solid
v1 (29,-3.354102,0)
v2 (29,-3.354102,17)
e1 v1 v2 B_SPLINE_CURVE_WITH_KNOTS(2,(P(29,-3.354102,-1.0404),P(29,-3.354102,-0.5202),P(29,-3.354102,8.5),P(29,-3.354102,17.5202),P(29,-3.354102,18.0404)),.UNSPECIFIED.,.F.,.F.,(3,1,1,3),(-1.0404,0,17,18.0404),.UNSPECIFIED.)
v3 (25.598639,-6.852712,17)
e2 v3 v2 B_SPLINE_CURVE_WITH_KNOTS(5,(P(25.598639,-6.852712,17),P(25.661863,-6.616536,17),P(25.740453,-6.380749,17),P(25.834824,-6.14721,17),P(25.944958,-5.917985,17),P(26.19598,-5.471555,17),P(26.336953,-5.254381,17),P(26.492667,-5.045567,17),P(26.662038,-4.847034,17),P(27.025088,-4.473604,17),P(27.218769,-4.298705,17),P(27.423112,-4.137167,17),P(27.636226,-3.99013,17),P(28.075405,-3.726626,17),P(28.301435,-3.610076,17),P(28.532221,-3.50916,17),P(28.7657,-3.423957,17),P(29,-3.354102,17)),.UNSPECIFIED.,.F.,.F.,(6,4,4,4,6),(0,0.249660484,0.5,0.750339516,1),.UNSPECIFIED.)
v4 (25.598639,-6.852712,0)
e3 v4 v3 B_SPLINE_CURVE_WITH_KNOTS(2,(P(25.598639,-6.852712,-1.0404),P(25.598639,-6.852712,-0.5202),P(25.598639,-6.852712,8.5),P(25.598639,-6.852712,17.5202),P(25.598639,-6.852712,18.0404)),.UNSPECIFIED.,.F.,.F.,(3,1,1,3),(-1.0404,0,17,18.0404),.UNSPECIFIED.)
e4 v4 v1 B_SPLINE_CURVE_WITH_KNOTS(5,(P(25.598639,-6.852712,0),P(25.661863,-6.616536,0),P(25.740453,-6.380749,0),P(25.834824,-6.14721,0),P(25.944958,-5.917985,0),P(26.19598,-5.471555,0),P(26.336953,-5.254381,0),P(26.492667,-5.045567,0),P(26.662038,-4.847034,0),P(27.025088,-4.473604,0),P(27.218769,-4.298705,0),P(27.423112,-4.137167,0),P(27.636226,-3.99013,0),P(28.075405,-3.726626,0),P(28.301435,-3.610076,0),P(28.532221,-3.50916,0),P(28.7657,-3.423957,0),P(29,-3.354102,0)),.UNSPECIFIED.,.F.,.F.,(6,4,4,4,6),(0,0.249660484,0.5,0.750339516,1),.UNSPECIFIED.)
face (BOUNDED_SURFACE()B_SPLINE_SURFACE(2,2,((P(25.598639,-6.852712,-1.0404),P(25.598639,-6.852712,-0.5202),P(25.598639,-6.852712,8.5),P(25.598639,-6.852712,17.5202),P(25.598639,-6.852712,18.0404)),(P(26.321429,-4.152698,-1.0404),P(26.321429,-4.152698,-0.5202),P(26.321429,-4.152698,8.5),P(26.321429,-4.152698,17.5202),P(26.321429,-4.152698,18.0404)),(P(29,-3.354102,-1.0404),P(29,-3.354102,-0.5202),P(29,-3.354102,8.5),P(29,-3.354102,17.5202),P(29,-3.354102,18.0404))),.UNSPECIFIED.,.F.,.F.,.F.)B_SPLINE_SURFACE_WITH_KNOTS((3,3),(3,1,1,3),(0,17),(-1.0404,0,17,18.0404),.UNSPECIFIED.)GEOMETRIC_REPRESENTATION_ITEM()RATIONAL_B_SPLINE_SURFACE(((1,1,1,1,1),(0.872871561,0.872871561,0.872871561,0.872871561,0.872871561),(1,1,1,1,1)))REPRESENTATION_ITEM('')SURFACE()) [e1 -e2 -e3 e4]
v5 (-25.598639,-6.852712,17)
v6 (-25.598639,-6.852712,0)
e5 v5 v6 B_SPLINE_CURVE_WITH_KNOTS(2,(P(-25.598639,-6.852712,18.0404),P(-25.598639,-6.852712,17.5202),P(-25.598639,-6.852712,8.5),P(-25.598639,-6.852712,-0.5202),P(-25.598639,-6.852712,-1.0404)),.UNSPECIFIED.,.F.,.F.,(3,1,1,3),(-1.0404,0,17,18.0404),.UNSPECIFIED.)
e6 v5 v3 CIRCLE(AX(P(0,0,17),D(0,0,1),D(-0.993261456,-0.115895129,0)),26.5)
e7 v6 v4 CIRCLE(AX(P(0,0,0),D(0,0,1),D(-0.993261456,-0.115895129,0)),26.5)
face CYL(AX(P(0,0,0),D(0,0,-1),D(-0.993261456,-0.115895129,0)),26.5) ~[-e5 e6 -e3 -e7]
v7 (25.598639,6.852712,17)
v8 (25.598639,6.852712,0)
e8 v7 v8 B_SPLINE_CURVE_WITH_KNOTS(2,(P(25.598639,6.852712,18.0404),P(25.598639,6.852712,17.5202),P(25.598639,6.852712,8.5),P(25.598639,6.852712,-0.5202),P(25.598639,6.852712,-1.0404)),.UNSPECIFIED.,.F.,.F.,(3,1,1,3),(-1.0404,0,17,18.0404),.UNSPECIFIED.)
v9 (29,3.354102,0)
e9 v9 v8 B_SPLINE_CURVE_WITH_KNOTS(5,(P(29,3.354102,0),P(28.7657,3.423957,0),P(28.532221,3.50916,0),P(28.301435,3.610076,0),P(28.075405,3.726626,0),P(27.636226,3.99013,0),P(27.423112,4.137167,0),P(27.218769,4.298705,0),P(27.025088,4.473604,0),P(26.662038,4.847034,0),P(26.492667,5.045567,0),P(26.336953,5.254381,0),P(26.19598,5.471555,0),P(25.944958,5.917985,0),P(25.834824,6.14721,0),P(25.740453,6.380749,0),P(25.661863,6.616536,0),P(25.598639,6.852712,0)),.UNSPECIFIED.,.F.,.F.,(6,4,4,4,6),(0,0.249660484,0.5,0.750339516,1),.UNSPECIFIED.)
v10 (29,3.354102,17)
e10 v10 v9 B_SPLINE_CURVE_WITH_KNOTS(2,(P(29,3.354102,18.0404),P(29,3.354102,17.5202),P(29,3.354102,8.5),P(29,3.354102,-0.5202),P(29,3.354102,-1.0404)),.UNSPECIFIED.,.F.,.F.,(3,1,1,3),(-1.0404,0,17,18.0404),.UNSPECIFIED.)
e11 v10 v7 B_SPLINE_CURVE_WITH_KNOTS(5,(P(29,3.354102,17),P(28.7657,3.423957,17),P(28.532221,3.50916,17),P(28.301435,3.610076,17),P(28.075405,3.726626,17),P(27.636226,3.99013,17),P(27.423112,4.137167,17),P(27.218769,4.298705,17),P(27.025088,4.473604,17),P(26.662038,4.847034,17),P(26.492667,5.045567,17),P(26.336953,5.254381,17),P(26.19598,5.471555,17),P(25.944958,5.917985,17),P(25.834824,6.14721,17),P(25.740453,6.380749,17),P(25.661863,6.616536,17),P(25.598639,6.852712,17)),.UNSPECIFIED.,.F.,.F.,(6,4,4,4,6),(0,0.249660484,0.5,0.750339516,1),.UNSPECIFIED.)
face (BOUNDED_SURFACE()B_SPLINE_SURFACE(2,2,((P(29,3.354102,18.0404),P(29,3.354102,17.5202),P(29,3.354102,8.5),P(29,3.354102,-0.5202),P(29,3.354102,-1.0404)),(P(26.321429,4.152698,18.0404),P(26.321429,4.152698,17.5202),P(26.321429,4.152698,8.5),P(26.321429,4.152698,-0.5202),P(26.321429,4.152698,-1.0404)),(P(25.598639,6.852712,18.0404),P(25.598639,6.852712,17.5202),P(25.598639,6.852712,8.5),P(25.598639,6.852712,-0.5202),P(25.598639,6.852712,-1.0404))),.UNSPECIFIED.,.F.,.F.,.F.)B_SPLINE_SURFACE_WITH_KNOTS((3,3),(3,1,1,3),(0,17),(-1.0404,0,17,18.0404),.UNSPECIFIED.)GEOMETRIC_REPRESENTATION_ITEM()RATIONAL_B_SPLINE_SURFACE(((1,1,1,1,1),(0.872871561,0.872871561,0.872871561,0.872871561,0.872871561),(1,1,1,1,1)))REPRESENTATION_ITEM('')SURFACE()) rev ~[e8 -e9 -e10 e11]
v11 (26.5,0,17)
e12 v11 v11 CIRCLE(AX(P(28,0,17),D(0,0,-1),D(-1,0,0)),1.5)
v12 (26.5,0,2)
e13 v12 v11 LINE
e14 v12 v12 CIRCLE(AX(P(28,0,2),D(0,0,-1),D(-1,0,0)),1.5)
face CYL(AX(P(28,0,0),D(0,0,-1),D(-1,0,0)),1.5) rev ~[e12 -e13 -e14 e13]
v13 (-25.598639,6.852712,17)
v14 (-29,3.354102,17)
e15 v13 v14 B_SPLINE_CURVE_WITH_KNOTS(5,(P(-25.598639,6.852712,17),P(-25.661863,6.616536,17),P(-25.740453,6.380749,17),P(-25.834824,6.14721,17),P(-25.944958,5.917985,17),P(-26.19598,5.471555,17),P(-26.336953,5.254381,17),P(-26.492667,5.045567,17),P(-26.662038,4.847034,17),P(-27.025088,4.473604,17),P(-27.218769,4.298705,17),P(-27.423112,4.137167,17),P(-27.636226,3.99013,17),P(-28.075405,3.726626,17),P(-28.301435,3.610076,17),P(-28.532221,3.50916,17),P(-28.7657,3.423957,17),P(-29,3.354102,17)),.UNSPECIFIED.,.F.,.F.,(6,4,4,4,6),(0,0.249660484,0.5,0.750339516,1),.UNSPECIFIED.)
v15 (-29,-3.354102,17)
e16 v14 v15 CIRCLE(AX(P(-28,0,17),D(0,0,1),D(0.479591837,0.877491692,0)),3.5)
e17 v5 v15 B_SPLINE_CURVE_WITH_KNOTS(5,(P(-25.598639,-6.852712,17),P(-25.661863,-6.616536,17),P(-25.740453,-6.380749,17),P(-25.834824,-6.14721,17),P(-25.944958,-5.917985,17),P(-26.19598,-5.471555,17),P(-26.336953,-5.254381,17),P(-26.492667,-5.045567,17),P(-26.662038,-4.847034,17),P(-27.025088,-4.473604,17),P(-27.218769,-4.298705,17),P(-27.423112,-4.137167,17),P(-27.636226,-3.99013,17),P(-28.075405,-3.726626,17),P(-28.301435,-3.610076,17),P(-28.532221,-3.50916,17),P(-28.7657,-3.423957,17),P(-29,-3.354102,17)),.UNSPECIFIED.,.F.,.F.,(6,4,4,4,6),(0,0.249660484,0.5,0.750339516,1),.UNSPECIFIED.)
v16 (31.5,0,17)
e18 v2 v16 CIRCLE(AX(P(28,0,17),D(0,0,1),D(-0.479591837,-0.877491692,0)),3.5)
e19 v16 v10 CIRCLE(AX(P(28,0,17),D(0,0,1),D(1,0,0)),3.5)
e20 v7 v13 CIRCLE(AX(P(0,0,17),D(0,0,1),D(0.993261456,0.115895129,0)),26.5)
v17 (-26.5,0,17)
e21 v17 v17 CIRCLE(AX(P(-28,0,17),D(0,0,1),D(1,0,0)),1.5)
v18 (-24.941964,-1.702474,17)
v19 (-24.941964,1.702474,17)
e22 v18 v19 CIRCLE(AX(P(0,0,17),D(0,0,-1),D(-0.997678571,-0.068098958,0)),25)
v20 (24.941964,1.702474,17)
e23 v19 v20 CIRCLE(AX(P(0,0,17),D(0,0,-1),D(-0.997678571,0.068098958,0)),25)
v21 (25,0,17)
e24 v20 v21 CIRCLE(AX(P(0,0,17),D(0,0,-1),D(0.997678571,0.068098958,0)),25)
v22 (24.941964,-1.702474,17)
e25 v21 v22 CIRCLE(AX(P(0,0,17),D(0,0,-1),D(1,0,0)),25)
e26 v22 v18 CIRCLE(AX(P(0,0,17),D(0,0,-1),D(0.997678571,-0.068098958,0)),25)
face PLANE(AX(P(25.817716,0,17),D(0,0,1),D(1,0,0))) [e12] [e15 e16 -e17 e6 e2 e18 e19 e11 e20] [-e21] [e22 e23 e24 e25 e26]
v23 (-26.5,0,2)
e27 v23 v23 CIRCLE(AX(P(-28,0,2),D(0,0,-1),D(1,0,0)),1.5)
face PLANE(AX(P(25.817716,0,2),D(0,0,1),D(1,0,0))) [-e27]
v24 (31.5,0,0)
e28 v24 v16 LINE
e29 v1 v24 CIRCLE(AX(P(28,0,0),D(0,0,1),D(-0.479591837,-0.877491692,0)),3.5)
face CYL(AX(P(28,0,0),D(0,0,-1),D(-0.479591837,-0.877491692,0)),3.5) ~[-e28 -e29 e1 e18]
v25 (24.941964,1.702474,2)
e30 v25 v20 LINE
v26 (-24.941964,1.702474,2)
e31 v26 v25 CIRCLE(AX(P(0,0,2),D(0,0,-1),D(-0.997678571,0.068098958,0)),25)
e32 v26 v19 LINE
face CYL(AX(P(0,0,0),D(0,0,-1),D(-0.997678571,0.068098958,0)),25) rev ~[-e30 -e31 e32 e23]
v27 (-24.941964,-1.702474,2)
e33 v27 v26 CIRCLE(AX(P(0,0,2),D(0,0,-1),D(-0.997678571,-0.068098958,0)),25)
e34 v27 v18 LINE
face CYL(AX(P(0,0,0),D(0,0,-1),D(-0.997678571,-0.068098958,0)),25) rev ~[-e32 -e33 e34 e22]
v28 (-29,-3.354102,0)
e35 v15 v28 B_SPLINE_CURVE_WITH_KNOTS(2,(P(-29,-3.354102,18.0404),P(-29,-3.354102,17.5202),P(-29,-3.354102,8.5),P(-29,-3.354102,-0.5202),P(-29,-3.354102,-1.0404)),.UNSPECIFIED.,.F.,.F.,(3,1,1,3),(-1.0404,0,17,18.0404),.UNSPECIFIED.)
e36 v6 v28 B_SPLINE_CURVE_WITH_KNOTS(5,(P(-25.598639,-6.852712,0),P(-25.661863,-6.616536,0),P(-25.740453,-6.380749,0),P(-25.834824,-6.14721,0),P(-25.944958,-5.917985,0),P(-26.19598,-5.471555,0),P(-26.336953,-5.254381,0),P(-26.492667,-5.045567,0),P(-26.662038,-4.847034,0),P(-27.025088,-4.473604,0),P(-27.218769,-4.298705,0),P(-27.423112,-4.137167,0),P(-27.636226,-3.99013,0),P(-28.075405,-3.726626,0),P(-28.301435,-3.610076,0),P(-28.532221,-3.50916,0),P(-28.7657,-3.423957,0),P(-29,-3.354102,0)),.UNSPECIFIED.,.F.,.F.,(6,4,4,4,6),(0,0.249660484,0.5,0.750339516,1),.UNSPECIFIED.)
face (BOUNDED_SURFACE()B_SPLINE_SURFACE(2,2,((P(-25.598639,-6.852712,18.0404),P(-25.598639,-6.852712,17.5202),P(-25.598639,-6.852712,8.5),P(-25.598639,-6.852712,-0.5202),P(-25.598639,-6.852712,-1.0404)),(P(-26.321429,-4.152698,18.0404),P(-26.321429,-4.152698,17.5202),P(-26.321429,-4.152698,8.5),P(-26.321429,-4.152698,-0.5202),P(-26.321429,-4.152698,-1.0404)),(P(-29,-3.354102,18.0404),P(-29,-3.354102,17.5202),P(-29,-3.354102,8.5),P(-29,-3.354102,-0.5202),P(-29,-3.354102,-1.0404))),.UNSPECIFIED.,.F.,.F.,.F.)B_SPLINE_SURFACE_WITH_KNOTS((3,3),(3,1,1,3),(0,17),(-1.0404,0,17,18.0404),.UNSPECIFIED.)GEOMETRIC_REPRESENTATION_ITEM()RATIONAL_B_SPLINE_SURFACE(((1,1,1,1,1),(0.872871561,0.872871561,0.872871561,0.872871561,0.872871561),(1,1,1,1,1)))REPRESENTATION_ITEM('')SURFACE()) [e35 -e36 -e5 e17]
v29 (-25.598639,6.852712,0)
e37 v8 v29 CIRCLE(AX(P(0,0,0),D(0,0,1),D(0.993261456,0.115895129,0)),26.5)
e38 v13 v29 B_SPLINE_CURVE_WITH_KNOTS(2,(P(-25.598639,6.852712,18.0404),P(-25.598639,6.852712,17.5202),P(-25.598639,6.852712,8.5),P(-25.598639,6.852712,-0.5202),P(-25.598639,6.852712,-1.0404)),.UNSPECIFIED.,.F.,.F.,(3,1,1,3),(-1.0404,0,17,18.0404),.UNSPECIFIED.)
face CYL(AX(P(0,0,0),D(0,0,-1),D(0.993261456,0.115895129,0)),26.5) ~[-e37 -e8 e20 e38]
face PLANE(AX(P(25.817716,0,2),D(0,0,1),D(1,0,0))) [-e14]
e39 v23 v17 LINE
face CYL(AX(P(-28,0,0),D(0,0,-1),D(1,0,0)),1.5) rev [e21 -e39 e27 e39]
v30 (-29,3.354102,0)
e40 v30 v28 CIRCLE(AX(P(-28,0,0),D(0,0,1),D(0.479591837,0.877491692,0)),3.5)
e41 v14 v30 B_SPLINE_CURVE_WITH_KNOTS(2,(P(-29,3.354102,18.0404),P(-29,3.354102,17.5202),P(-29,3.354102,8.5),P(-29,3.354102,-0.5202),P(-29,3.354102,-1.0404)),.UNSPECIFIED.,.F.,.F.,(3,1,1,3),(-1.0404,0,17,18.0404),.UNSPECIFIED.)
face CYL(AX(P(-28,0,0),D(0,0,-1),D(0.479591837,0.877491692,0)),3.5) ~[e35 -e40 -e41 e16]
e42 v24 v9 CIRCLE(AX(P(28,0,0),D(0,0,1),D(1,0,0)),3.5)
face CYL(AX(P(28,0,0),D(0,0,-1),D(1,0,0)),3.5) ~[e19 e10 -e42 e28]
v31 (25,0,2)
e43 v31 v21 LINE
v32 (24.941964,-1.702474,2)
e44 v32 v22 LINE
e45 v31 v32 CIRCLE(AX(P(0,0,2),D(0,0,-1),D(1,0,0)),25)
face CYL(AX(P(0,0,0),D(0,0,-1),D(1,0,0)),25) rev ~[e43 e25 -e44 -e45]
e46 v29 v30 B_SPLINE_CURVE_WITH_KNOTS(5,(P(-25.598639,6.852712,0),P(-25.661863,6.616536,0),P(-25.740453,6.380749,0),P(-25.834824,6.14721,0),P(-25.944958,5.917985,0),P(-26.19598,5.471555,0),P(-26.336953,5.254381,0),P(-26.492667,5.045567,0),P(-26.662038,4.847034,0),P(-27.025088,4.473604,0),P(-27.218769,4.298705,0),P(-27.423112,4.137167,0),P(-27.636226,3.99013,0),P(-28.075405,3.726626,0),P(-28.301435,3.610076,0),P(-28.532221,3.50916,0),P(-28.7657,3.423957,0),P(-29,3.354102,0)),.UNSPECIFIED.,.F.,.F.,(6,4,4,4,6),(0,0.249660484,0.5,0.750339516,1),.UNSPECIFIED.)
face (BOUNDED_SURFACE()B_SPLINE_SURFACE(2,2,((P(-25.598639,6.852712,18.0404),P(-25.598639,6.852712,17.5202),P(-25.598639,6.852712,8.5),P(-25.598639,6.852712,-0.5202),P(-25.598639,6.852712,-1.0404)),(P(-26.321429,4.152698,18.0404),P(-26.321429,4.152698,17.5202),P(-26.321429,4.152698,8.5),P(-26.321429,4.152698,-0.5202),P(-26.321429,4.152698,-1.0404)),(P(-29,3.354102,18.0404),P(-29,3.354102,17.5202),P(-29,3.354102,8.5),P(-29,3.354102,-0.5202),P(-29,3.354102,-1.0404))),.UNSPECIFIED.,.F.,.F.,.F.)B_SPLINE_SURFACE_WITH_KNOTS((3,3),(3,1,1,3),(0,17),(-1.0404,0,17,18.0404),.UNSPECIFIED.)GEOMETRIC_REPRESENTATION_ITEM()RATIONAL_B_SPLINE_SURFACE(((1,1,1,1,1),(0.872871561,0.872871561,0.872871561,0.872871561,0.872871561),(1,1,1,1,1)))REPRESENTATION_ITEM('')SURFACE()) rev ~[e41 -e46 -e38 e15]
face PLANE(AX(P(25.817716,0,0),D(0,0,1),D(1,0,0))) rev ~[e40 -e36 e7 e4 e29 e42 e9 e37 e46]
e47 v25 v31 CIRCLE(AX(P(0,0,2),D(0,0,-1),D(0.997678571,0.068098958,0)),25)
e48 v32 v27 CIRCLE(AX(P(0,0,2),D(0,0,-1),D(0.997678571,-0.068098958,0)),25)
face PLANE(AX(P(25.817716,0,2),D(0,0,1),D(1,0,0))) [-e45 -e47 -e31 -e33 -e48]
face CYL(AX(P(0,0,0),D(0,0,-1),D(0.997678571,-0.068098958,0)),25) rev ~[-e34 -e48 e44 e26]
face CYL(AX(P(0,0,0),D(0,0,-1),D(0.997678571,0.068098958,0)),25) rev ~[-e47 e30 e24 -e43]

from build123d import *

# Parameters (mm, degrees)
F0_R     = 1.5
F1_DEPTH = 17
F2_DEPTH = 2
F3_R     = 5


with BuildPart() as f1:
    # F0 (on Top) → F1 (new body)
    with BuildSketch(Plane.XY):
        with BuildLine():
            ThreePointArc((24.9419642857, 1.7024739558), (24.9854868588, 0.8517314298), (25, 0))
            ThreePointArc((25, 0), (24.9854868588, -0.8517314298), (24.9419642857, -1.7024739558))
            ThreePointArc((24.9419642857, -1.7024739558), (25.5347963833, -2.4845062142), (26.3214285714, -3.0712209232))
            ThreePointArc((26.3214285714, -3.0712209232), (26.4553194759, -1.538203962), (26.5, 0))
            ThreePointArc((26.5, 0), (26.4553194759, 1.538203962), (26.3214285714, 3.0712209232))
            ThreePointArc((26.3214285714, 3.0712209232), (25.5347963833, 2.4845062142), (24.9419642857, 1.7024739558))
        make_face()
        with BuildLine():
            ThreePointArc((-24.9419642857, 1.7024739558), (0, 25), (24.9419642857, 1.7024739558))
            ThreePointArc((24.9419642857, 1.7024739558), (25.5347963833, 2.4845062142), (26.3214285714, 3.0712209232))
            ThreePointArc((26.3214285714, 3.0712209232), (0, 26.5), (-26.3214285714, 3.0712209232))
            ThreePointArc((-26.3214285714, 3.0712209232), (-25.5347963833, 2.4845062142), (-24.9419642857, 1.7024739558))
        make_face()
        with BuildLine():
            ThreePointArc((26.3214285714, -3.0712209232), (25.5347963833, -2.4845062142), (24.9419642857, -1.7024739558))
            ThreePointArc((24.9419642857, -1.7024739558), (0, -25), (-24.9419642857, -1.7024739558))
            ThreePointArc((-24.9419642857, -1.7024739558), (-25.5347963833, -2.4845062142), (-26.3214285714, -3.0712209232))
            ThreePointArc((-26.3214285714, -3.0712209232), (0, -26.5), (26.3214285714, -3.0712209232))
        make_face()
        with BuildLine():
            ThreePointArc((-24.9419642857, -1.7024739558), (-25, 0), (-24.9419642857, 1.7024739558))
            ThreePointArc((-24.9419642857, 1.7024739558), (-25.5347963833, 2.4845062142), (-26.3214285714, 3.0712209232))
            ThreePointArc((-26.3214285714, 3.0712209232), (-26.4553194759, 1.538203962), (-26.5, 0))
            ThreePointArc((-26.5, 0), (-26.4553194759, -1.538203962), (-26.3214285714, -3.0712209232))
            ThreePointArc((-26.3214285714, -3.0712209232), (-25.5347963833, -2.4845062142), (-24.9419642857, -1.7024739558))
        make_face()
        with BuildLine():
            ThreePointArc((31.5, 0), (29.7853571071, 3.0103986447), (26.3214285714, 3.0712209232))
            ThreePointArc((26.3214285714, 3.0712209232), (26.4553194759, 1.538203962), (26.5, 0))
            ThreePointArc((26.5, 0), (26.4553194759, -1.538203962), (26.3214285714, -3.0712209232))
            ThreePointArc((26.3214285714, -3.0712209232), (29.7853571071, -3.0103986447), (31.5, 0))
        make_face()
        with BuildLine():
            ThreePointArc((29.5, 0), (28, -1.5), (26.5, 0))
            ThreePointArc((26.5, 0), (28, 1.5), (29.5, 0))
        make_face(mode=Mode.SUBTRACT)
        with BuildLine():
            ThreePointArc((-26.5, 0), (-26.4553194759, 1.538203962), (-26.3214285714, 3.0712209232))
            ThreePointArc((-26.3214285714, 3.0712209232), (-31.5, 0), (-26.3214285714, -3.0712209232))
            ThreePointArc((-26.3214285714, -3.0712209232), (-26.4553194759, -1.538203962), (-26.5, 0))
        make_face()
        with Locations((-28, 0)):
            Circle(F0_R, mode=Mode.SUBTRACT)
    extrude(amount=F1_DEPTH)

    # F0 (on Top) → F2 (join)
    with BuildSketch(Plane.XY):
        with BuildLine():
            ThreePointArc((24.9419642857, 1.7024739558), (24.9854868588, 0.8517314298), (25, 0))
            ThreePointArc((25, 0), (24.9854868588, -0.8517314298), (24.9419642857, -1.7024739558))
            ThreePointArc((24.9419642857, -1.7024739558), (25.5347963833, -2.4845062142), (26.3214285714, -3.0712209232))
            ThreePointArc((26.3214285714, -3.0712209232), (26.4553194759, -1.538203962), (26.5, 0))
            ThreePointArc((26.5, 0), (26.4553194759, 1.538203962), (26.3214285714, 3.0712209232))
            ThreePointArc((26.3214285714, 3.0712209232), (25.5347963833, 2.4845062142), (24.9419642857, 1.7024739558))
        make_face()
        with BuildLine():
            ThreePointArc((-24.9419642857, 1.7024739558), (0, 25), (24.9419642857, 1.7024739558))
            ThreePointArc((24.9419642857, 1.7024739558), (25.5347963833, 2.4845062142), (26.3214285714, 3.0712209232))
            ThreePointArc((26.3214285714, 3.0712209232), (0, 26.5), (-26.3214285714, 3.0712209232))
            ThreePointArc((-26.3214285714, 3.0712209232), (-25.5347963833, 2.4845062142), (-24.9419642857, 1.7024739558))
        make_face()
        with BuildLine():
            ThreePointArc((26.3214285714, -3.0712209232), (25.5347963833, -2.4845062142), (24.9419642857, -1.7024739558))
            ThreePointArc((24.9419642857, -1.7024739558), (0, -25), (-24.9419642857, -1.7024739558))
            ThreePointArc((-24.9419642857, -1.7024739558), (-25.5347963833, -2.4845062142), (-26.3214285714, -3.0712209232))
            ThreePointArc((-26.3214285714, -3.0712209232), (0, -26.5), (26.3214285714, -3.0712209232))
        make_face()
        with BuildLine():
            ThreePointArc((-24.9419642857, -1.7024739558), (-25, 0), (-24.9419642857, 1.7024739558))
            ThreePointArc((-24.9419642857, 1.7024739558), (-25.5347963833, 2.4845062142), (-26.3214285714, 3.0712209232))
            ThreePointArc((-26.3214285714, 3.0712209232), (-26.4553194759, 1.538203962), (-26.5, 0))
            ThreePointArc((-26.5, 0), (-26.4553194759, -1.538203962), (-26.3214285714, -3.0712209232))
            ThreePointArc((-26.3214285714, -3.0712209232), (-25.5347963833, -2.4845062142), (-24.9419642857, -1.7024739558))
        make_face()
        with BuildLine():
            ThreePointArc((31.5, 0), (29.7853571071, 3.0103986447), (26.3214285714, 3.0712209232))
            ThreePointArc((26.3214285714, 3.0712209232), (26.4553194759, 1.538203962), (26.5, 0))
            ThreePointArc((26.5, 0), (26.4553194759, -1.538203962), (26.3214285714, -3.0712209232))
            ThreePointArc((26.3214285714, -3.0712209232), (29.7853571071, -3.0103986447), (31.5, 0))
        make_face()
        with BuildLine():
            ThreePointArc((29.5, 0), (28, -1.5), (26.5, 0))
            ThreePointArc((26.5, 0), (28, 1.5), (29.5, 0))
        make_face(mode=Mode.SUBTRACT)
        with BuildLine():
            ThreePointArc((-26.5, 0), (-26.4553194759, 1.538203962), (-26.3214285714, 3.0712209232))
            ThreePointArc((-26.3214285714, 3.0712209232), (-31.5, 0), (-26.3214285714, -3.0712209232))
            ThreePointArc((-26.3214285714, -3.0712209232), (-26.4553194759, -1.538203962), (-26.5, 0))
        make_face()
        with Locations((-28, 0)):
            Circle(F0_R, mode=Mode.SUBTRACT)
        with BuildLine():
            ThreePointArc((24.9419642857, -1.7024739558), (24.5, 0), (24.9419642857, 1.7024739558))
            ThreePointArc((24.9419642857, 1.7024739558), (0, 25), (-24.9419642857, 1.7024739558))
            ThreePointArc((-24.9419642857, 1.7024739558), (-24.6122924418, 0.879452955), (-24.5, 0))
            ThreePointArc((-24.5, 0), (-24.6122924418, -0.879452955), (-24.9419642857, -1.7024739558))
            ThreePointArc((-24.9419642857, -1.7024739558), (0, -25), (24.9419642857, -1.7024739558))
        make_face()
        with BuildLine():
            ThreePointArc((-24.5, 0), (-24.6122924418, 0.879452955), (-24.9419642857, 1.7024739558))
            ThreePointArc((-24.9419642857, 1.7024739558), (-25, 0), (-24.9419642857, -1.7024739558))
            ThreePointArc((-24.9419642857, -1.7024739558), (-24.6122924418, -0.879452955), (-24.5, 0))
        make_face()
        with BuildLine():
            ThreePointArc((24.9419642857, -1.7024739558), (24.9854868588, -0.8517314298), (25, 0))
            ThreePointArc((25, 0), (24.9854868588, 0.8517314298), (24.9419642857, 1.7024739558))
            ThreePointArc((24.9419642857, 1.7024739558), (24.5, 0), (24.9419642857, -1.7024739558))
        make_face()
        with Locations((-28, 0)):
            Circle(F0_R)
        with BuildLine():
            ThreePointArc((29.5, 0), (28, 1.5), (26.5, 0))
            ThreePointArc((26.5, 0), (28, -1.5), (29.5, 0))
        make_face()
    extrude(amount=F2_DEPTH)

    # F3
    f3_edges = [f1.edges().sort_by_distance(p)[0] for p in [
        (-26.321429, 3.071221, 8.5),
        (-26.321429, -3.071221, 8.5),
        (26.321429, -3.071221, 8.5),
        (26.321429, 3.071221, 8.5),
    ]]
    fillet(f3_edges, radius=F3_R)


solid = f1.part
